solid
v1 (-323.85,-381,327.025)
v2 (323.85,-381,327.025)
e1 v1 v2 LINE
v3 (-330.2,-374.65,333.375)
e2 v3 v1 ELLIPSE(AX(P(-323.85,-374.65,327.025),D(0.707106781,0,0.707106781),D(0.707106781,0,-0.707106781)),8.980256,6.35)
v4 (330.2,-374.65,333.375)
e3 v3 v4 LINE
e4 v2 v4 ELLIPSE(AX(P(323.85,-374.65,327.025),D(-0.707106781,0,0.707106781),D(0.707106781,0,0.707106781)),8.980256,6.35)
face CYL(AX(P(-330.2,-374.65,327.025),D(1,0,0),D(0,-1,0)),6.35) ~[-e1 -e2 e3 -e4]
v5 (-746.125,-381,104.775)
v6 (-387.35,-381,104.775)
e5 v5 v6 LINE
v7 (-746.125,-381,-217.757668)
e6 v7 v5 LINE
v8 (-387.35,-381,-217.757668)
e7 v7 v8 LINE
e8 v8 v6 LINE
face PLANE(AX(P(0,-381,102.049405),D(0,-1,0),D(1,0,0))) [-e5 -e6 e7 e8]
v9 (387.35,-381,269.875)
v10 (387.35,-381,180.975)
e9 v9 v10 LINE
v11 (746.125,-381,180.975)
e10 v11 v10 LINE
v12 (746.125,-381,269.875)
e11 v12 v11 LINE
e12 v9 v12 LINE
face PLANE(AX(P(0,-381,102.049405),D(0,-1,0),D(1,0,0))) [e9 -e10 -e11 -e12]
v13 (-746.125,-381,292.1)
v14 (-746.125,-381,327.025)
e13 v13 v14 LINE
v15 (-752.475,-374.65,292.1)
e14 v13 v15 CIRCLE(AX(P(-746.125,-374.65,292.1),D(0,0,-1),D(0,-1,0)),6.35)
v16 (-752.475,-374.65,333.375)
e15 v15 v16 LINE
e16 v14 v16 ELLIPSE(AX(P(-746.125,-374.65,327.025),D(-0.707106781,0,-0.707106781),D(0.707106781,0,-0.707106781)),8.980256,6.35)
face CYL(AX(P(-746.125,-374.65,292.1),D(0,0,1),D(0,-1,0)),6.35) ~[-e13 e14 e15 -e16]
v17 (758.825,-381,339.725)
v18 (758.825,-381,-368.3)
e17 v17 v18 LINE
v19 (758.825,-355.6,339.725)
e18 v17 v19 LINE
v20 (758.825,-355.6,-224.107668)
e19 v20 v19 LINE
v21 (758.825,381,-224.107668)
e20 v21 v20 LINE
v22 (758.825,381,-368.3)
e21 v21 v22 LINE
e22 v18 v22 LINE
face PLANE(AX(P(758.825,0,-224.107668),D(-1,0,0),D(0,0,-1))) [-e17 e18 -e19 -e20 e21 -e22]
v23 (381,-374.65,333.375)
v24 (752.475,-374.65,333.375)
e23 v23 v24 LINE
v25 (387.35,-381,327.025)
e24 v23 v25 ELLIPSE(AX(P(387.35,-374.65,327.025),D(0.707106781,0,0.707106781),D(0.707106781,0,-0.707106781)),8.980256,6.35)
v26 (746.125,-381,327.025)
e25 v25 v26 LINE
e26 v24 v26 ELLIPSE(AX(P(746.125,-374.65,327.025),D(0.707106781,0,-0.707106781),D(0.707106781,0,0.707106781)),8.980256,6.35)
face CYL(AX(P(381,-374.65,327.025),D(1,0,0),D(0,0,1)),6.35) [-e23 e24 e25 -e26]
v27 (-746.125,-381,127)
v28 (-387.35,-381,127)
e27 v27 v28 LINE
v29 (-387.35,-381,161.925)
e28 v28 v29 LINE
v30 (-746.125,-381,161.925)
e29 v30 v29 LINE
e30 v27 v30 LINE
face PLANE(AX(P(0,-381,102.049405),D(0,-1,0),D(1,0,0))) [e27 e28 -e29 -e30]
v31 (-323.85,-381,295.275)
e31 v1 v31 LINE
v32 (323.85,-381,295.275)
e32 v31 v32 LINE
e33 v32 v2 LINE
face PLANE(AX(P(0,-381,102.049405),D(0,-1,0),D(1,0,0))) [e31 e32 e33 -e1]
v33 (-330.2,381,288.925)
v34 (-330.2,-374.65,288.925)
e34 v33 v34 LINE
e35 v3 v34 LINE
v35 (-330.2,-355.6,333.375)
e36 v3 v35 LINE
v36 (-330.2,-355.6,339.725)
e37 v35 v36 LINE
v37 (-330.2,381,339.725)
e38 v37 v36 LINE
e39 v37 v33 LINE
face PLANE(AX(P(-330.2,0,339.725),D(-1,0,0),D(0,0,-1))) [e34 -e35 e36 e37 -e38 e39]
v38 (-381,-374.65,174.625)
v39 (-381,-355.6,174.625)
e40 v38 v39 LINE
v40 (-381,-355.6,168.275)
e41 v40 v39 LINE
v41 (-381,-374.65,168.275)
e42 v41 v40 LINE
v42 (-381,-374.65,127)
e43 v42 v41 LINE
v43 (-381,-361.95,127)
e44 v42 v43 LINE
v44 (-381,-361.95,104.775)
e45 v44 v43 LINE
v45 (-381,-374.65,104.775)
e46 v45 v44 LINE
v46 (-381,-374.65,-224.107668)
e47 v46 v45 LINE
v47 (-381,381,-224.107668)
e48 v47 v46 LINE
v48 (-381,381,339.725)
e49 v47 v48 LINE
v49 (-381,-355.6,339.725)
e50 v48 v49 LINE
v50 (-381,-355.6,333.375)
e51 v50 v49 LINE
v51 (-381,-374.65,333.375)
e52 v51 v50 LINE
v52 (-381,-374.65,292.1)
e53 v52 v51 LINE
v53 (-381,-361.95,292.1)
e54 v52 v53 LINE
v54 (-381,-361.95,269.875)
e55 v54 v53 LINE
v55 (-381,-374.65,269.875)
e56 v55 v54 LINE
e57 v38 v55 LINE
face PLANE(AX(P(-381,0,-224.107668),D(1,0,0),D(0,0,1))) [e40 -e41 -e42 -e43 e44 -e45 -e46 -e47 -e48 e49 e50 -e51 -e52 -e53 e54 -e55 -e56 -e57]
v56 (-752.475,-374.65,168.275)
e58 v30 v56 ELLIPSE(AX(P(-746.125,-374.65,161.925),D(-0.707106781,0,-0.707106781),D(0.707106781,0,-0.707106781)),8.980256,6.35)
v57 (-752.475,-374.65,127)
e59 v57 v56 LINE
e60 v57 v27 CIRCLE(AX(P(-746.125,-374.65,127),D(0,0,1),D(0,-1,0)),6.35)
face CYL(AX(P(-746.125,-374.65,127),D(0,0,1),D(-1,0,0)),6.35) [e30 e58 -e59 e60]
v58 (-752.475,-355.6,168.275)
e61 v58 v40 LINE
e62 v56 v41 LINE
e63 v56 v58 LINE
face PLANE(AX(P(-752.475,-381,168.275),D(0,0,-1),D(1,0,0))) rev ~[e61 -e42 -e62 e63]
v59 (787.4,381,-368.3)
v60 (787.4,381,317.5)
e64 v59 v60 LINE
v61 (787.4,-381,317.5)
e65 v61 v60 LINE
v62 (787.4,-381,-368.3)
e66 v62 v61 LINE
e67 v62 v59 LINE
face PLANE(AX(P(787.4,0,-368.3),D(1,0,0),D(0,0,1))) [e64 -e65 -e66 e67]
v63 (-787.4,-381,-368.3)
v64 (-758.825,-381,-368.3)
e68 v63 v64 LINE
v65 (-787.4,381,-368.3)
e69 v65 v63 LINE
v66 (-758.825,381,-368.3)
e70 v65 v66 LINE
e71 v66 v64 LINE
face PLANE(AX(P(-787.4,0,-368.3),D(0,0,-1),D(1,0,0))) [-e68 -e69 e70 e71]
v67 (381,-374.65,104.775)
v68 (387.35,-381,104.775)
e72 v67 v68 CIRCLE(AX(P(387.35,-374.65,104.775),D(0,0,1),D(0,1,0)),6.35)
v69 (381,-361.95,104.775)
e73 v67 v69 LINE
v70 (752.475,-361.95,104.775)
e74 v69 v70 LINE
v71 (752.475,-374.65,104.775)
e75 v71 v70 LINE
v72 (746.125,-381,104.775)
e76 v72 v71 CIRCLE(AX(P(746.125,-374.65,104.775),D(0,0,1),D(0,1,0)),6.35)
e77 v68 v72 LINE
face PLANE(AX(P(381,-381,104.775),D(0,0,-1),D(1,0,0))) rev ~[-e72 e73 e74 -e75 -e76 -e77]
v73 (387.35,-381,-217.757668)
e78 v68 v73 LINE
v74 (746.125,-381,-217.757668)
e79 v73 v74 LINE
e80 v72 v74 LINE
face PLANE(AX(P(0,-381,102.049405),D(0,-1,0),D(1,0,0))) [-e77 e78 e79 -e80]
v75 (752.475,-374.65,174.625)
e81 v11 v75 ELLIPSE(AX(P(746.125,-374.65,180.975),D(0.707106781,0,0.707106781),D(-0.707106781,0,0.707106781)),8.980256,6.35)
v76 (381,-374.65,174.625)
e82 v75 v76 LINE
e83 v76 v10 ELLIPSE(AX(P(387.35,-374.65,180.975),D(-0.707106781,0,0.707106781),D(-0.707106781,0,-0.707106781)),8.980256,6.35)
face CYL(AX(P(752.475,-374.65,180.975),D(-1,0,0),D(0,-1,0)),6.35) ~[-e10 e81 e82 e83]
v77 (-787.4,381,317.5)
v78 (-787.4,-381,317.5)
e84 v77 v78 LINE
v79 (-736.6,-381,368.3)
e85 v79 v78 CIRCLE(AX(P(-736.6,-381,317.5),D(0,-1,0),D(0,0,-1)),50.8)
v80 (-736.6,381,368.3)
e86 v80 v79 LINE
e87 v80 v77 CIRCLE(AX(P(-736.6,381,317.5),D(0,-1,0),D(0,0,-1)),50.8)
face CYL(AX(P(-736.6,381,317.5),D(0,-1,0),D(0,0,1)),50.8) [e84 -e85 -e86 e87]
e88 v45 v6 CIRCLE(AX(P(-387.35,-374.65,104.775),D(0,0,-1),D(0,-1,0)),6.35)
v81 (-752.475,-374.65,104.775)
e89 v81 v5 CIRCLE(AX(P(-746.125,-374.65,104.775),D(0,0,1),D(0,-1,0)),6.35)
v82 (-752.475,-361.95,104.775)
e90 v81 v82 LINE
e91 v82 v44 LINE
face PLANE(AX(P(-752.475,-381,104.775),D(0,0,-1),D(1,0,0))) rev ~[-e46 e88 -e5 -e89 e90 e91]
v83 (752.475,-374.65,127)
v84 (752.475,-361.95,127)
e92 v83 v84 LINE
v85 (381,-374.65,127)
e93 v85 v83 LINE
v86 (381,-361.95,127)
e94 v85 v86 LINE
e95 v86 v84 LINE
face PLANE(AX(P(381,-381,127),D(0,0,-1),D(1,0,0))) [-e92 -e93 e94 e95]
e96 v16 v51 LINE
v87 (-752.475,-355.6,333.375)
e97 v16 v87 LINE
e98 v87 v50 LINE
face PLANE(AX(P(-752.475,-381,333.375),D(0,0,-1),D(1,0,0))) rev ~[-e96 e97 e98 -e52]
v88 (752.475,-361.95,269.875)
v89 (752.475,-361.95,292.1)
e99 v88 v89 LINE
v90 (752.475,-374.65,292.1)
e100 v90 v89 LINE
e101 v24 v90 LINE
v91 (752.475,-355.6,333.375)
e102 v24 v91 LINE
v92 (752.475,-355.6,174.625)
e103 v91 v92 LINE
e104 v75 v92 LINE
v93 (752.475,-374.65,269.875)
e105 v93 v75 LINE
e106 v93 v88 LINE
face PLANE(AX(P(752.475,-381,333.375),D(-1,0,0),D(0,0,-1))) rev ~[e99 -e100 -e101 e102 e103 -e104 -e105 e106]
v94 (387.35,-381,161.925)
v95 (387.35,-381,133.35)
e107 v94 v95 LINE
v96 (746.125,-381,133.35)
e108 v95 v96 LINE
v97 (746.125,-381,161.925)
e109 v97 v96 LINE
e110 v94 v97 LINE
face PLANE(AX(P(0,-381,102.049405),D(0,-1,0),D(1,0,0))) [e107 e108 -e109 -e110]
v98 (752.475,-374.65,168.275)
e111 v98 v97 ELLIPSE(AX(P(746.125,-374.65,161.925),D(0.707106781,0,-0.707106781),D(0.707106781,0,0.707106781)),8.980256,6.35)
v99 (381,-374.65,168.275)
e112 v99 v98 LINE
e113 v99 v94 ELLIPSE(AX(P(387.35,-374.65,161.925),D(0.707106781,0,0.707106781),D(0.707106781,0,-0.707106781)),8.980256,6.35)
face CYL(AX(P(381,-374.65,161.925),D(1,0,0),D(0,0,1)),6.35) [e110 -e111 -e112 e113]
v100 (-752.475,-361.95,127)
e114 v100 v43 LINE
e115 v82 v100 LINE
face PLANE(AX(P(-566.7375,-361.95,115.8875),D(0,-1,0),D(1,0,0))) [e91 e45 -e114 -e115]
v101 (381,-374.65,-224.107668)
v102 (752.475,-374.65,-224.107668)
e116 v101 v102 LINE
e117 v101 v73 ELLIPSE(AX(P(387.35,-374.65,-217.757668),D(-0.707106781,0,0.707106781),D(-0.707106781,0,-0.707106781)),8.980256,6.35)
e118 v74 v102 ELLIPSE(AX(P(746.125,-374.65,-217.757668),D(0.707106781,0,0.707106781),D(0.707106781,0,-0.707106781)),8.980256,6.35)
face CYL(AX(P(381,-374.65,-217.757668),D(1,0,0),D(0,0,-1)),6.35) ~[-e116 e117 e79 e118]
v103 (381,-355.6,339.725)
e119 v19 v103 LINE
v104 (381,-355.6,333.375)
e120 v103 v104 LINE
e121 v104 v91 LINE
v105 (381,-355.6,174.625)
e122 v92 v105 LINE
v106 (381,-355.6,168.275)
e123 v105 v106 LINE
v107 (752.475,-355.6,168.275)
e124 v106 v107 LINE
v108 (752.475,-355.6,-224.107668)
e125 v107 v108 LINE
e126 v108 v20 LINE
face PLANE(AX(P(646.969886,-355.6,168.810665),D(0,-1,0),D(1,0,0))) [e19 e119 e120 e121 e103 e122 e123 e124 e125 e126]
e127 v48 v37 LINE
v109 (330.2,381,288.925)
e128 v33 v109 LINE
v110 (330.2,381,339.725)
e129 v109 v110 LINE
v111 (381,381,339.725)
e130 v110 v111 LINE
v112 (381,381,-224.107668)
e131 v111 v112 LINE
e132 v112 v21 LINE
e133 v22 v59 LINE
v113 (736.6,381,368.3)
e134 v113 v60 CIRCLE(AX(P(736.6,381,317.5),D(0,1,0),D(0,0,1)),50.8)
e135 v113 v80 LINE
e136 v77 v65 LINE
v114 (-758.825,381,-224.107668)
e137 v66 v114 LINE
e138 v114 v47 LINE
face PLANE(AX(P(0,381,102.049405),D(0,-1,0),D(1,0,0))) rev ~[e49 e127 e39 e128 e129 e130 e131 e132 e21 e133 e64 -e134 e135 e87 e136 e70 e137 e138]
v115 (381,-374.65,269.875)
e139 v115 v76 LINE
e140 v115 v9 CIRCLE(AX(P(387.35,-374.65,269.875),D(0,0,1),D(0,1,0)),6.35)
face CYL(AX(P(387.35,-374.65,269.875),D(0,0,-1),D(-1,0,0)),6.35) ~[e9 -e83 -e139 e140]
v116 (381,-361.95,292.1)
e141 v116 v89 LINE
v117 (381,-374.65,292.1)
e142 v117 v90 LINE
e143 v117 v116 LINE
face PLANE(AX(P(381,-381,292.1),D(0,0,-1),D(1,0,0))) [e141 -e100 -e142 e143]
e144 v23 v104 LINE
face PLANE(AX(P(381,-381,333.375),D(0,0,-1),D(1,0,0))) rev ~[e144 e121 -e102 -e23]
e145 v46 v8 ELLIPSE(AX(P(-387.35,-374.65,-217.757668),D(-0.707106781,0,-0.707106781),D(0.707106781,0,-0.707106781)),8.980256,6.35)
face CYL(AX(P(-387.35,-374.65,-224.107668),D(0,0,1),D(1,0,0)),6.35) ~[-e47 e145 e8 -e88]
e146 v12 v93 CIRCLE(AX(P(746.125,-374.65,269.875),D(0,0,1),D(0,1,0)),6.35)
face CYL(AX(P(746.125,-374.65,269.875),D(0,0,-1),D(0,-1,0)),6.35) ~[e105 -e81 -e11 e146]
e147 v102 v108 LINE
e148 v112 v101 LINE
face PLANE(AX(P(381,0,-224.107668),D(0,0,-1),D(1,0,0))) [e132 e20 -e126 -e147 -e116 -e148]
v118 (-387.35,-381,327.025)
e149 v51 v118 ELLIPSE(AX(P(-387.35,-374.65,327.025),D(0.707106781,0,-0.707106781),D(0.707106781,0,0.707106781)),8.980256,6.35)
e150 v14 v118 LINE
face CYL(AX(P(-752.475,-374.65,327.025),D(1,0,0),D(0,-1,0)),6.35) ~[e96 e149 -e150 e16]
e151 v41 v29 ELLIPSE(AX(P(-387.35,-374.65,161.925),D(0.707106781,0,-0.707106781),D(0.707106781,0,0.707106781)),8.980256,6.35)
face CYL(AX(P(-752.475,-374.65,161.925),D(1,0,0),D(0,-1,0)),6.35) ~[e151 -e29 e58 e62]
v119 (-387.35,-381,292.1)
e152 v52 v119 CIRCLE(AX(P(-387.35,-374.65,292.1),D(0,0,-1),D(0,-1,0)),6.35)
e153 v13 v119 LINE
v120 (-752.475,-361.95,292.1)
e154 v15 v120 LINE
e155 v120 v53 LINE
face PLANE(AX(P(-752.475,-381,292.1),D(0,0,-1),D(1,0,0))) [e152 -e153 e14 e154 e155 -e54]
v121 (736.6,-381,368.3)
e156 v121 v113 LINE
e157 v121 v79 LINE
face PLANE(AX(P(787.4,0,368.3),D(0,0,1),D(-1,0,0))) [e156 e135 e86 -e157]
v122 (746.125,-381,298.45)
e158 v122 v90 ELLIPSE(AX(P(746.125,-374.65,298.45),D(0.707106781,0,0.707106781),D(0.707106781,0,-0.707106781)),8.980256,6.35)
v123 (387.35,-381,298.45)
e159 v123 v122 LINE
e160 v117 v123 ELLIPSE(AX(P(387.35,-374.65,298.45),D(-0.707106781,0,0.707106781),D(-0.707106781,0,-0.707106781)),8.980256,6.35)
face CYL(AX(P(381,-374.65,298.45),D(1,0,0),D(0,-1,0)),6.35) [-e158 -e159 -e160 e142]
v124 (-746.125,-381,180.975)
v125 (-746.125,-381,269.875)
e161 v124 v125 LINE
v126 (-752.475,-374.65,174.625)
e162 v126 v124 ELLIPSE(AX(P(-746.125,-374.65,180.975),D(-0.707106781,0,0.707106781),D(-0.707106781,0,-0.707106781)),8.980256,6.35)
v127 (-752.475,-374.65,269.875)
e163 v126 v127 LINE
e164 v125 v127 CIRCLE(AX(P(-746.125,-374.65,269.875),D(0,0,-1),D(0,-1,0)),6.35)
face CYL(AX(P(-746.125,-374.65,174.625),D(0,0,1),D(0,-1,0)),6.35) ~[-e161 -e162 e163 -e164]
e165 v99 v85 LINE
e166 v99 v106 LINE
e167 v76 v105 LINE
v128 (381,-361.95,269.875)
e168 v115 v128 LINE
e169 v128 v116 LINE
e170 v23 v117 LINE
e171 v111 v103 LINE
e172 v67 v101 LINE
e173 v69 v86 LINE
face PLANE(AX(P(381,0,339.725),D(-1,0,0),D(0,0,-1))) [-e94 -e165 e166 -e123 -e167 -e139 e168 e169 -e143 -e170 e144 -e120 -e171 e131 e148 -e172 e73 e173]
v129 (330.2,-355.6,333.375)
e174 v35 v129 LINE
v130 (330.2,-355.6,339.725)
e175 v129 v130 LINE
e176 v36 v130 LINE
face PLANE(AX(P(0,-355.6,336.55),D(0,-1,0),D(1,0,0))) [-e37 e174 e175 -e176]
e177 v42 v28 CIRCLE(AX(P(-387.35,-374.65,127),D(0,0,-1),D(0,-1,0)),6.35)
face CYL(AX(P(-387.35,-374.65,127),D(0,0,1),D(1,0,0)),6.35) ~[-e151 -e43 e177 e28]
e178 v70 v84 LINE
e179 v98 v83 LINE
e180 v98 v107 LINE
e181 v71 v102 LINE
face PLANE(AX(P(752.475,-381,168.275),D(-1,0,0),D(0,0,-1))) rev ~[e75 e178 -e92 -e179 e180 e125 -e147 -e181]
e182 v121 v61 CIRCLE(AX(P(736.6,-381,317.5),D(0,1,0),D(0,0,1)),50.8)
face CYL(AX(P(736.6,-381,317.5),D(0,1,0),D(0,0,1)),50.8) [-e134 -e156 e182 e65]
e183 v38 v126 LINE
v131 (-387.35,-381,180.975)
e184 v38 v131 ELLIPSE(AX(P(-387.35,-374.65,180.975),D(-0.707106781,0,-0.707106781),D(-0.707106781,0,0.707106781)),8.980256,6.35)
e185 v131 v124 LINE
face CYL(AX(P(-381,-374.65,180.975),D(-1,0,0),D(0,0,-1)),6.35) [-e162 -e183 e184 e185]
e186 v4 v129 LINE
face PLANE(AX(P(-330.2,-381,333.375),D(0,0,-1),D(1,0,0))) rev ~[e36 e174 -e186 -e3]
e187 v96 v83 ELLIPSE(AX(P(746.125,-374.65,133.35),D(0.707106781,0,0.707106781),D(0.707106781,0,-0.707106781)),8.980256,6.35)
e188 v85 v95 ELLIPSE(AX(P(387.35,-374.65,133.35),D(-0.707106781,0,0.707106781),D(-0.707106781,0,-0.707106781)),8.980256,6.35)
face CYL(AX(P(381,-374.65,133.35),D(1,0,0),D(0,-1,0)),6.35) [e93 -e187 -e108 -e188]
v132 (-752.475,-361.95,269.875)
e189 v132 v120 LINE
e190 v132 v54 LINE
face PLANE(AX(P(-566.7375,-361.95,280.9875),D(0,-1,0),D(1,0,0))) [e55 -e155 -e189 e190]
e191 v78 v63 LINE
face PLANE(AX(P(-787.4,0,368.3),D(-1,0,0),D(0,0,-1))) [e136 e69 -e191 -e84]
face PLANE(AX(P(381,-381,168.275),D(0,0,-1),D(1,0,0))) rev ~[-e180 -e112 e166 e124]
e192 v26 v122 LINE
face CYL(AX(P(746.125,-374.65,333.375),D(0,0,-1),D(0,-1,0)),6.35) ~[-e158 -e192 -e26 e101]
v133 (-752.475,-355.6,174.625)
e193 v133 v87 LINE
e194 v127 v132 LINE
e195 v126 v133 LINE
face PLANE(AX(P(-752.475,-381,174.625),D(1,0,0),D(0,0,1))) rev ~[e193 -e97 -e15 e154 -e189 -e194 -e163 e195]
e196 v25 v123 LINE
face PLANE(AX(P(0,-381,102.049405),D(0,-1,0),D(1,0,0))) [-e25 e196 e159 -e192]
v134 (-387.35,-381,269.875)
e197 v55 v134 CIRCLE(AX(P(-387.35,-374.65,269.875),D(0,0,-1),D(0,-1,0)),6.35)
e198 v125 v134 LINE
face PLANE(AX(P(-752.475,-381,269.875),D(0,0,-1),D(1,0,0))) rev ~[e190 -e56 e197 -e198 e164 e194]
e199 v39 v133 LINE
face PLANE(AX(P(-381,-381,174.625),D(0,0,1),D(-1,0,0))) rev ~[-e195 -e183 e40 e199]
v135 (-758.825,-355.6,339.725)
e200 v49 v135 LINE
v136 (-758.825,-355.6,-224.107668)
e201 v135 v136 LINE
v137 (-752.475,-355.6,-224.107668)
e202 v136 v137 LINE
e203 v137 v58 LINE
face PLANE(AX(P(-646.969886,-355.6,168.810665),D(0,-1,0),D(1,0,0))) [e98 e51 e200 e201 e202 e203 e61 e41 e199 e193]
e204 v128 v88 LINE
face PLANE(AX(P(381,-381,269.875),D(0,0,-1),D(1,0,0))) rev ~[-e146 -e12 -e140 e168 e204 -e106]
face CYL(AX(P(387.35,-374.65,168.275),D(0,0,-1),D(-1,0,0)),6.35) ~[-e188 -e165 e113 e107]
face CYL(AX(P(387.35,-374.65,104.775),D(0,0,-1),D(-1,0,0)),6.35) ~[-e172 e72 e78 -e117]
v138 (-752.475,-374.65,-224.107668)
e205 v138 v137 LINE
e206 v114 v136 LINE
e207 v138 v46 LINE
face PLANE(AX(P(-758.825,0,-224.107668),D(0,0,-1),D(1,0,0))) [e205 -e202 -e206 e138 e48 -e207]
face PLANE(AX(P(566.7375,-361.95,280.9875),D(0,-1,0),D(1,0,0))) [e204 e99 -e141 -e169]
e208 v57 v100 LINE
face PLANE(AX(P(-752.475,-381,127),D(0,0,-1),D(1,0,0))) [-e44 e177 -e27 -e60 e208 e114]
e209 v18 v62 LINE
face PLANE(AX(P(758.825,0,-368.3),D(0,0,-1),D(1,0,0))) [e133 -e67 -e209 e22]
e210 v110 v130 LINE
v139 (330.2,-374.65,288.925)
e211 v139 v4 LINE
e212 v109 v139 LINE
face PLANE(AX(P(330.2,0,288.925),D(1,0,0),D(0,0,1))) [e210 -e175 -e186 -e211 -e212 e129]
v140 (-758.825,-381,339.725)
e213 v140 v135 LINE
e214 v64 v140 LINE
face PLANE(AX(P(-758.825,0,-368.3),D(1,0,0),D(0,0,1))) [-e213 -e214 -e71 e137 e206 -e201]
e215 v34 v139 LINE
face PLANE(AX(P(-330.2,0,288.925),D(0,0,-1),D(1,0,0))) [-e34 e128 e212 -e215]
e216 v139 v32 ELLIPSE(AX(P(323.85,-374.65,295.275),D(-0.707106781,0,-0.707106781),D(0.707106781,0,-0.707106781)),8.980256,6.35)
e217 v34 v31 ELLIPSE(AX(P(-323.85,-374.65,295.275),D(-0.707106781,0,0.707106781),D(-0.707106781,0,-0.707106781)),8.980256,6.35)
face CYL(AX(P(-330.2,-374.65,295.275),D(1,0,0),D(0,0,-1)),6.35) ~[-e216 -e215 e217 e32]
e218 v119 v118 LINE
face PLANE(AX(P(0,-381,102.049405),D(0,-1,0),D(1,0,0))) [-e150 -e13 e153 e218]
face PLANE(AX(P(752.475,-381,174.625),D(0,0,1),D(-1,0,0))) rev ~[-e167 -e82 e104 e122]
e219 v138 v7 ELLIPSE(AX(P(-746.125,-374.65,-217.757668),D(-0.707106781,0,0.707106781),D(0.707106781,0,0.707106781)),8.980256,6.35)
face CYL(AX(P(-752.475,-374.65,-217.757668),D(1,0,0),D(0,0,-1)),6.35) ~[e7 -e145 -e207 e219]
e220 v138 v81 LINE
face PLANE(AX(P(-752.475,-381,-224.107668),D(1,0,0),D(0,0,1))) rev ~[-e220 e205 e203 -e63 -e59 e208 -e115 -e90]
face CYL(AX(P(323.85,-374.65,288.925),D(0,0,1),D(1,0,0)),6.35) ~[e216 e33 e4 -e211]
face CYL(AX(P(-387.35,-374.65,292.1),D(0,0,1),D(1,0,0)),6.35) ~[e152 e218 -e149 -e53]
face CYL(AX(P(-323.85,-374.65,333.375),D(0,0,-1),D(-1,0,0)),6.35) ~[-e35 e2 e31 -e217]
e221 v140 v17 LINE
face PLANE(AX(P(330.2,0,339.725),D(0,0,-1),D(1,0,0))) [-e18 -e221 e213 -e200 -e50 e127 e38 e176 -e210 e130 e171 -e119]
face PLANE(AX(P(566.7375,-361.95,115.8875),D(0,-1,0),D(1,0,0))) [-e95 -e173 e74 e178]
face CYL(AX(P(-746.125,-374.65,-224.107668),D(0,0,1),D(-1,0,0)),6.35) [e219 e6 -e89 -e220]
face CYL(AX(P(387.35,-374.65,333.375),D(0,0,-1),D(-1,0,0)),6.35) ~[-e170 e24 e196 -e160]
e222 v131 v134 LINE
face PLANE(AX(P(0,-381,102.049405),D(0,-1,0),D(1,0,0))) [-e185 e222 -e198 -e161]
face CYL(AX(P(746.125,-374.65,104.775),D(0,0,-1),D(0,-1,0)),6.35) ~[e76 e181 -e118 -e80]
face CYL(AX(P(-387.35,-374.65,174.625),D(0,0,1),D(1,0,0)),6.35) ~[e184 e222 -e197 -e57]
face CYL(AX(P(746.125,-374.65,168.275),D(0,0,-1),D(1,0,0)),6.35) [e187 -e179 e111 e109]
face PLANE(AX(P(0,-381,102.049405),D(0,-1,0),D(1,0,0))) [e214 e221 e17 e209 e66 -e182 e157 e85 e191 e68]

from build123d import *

# Parameters (mm, degrees)
F1_DEPTH = 381
F2_R     = 50.8
F3_W     = 660.4
F3_H     = 6.35
F4_DEPTH = 25.4
F3_W_2   = 371.475
F3_H_2   = 22.225
F5_DEPTH = 19.05
F6_R     = 6.35


with BuildPart() as f1:
    # F0 (on Front) → F1 (new body, symmetric)
    with BuildSketch(Plane.XZ):
        Polygon((787.4, 368.3), (-787.4, 368.3), (-787.4, -368.3), (-758.825, -368.3), (-758.825, -224.1076678038), (-381, -224.1076678038), (-381, 339.725), (-330.2, 339.725), (-330.2, 288.925), (330.2, 288.925), (330.2, 339.725), (381, 339.725), (381, -224.1076678038), (758.825, -224.1076678038), (758.825, -368.3), (787.4, -368.3), align=None)
    extrude(amount=F1_DEPTH, both=True)

    # F2
    f2_edges = [f1.edges().sort_by_distance(p)[0] for p in [
        (787.4, 0, 368.3),
        (-787.4, 0, 368.3),
    ]]
    fillet(f2_edges, radius=F2_R)

    # F3 (on face) → F4 (cut)
    with BuildSketch(Plane.XZ.offset(381)):
        Polygon((-758.825, 339.725), (-758.825, -224.1076678038), (-752.475, -224.1076678038), (-752.475, 104.775), (-752.475, 127), (-752.475, 168.275), (-381, 168.275), (-381, 174.625), (-752.475, 174.625), (-752.475, 269.875), (-752.475, 292.1), (-752.475, 333.375), (-381, 333.375), (-381, 339.725), align=None)
        with Locations((0, 336.55)):
            Rectangle(F3_W, F3_H)
        Polygon((758.825, 339.725), (381, 339.725), (381, 333.375), (752.475, 333.375), (752.475, 292.1), (752.475, 269.875), (752.475, 174.625), (381, 174.625), (381, 168.275), (752.475, 168.275), (752.475, 127), (752.475, 104.775), (752.475, -224.1076678038), (758.825, -224.1076678038), align=None)
    extrude(amount=-F4_DEPTH, mode=Mode.SUBTRACT)

    # F3 (on face) → F5 (cut)
    with BuildSketch(Plane.XZ.offset(381)):
        with Locations((-566.7375, 115.8875)):
            Rectangle(F3_W_2, F3_H_2)
        with Locations((-566.7375, 280.9875)):
            Rectangle(F3_W_2, F3_H_2)
        with Locations((566.7375, 280.9875)):
            Rectangle(F3_W_2, F3_H_2)
        with Locations((566.7375, 115.8875)):
            Rectangle(F3_W_2, F3_H_2)
    extrude(amount=-F5_DEPTH, mode=Mode.SUBTRACT)

    # F6
    f6_edges = [f1.edges().sort_by_distance(p)[0] for p in [
        (-566.7375, -381, -224.107668),
        (-381, -381, -59.666334),
        (-381, -381, 147.6375),
        (-381, -381, 222.25),
        (-566.7375, -381, 168.275),
        (-566.7375, -381, 174.625),
        (-381, -381, 312.7375),
        (-566.7375, -381, 333.375),
        (-752.475, -381, 312.7375),
        (-752.475, -381, 222.25),
        (-752.475, -381, 147.6375),
        (-752.475, -381, -59.666334),
        (-330.2, -381, 311.15),
        (0, -381, 288.925),
        (0, -381, 333.375),
        (330.2, -381, 311.15),
        (566.7375, -381, 333.375),
        (381, -381, 312.7375),
        (566.7375, -381, 292.1),
        (752.475, -381, 312.7375),
        (381, -381, 222.25),
        (566.7375, -381, 174.625),
        (752.475, -381, 222.25),
        (566.7375, -381, 168.275),
        (381, -381, 147.6375),
        (566.7375, -381, 127),
        (752.475, -381, 147.6375),
        (381, -381, -59.666334),
        (752.475, -381, -59.666334),
        (566.7375, -381, -224.107668),
    ]]
    fillet(f6_edges, radius=F6_R)


solid = f1.part
